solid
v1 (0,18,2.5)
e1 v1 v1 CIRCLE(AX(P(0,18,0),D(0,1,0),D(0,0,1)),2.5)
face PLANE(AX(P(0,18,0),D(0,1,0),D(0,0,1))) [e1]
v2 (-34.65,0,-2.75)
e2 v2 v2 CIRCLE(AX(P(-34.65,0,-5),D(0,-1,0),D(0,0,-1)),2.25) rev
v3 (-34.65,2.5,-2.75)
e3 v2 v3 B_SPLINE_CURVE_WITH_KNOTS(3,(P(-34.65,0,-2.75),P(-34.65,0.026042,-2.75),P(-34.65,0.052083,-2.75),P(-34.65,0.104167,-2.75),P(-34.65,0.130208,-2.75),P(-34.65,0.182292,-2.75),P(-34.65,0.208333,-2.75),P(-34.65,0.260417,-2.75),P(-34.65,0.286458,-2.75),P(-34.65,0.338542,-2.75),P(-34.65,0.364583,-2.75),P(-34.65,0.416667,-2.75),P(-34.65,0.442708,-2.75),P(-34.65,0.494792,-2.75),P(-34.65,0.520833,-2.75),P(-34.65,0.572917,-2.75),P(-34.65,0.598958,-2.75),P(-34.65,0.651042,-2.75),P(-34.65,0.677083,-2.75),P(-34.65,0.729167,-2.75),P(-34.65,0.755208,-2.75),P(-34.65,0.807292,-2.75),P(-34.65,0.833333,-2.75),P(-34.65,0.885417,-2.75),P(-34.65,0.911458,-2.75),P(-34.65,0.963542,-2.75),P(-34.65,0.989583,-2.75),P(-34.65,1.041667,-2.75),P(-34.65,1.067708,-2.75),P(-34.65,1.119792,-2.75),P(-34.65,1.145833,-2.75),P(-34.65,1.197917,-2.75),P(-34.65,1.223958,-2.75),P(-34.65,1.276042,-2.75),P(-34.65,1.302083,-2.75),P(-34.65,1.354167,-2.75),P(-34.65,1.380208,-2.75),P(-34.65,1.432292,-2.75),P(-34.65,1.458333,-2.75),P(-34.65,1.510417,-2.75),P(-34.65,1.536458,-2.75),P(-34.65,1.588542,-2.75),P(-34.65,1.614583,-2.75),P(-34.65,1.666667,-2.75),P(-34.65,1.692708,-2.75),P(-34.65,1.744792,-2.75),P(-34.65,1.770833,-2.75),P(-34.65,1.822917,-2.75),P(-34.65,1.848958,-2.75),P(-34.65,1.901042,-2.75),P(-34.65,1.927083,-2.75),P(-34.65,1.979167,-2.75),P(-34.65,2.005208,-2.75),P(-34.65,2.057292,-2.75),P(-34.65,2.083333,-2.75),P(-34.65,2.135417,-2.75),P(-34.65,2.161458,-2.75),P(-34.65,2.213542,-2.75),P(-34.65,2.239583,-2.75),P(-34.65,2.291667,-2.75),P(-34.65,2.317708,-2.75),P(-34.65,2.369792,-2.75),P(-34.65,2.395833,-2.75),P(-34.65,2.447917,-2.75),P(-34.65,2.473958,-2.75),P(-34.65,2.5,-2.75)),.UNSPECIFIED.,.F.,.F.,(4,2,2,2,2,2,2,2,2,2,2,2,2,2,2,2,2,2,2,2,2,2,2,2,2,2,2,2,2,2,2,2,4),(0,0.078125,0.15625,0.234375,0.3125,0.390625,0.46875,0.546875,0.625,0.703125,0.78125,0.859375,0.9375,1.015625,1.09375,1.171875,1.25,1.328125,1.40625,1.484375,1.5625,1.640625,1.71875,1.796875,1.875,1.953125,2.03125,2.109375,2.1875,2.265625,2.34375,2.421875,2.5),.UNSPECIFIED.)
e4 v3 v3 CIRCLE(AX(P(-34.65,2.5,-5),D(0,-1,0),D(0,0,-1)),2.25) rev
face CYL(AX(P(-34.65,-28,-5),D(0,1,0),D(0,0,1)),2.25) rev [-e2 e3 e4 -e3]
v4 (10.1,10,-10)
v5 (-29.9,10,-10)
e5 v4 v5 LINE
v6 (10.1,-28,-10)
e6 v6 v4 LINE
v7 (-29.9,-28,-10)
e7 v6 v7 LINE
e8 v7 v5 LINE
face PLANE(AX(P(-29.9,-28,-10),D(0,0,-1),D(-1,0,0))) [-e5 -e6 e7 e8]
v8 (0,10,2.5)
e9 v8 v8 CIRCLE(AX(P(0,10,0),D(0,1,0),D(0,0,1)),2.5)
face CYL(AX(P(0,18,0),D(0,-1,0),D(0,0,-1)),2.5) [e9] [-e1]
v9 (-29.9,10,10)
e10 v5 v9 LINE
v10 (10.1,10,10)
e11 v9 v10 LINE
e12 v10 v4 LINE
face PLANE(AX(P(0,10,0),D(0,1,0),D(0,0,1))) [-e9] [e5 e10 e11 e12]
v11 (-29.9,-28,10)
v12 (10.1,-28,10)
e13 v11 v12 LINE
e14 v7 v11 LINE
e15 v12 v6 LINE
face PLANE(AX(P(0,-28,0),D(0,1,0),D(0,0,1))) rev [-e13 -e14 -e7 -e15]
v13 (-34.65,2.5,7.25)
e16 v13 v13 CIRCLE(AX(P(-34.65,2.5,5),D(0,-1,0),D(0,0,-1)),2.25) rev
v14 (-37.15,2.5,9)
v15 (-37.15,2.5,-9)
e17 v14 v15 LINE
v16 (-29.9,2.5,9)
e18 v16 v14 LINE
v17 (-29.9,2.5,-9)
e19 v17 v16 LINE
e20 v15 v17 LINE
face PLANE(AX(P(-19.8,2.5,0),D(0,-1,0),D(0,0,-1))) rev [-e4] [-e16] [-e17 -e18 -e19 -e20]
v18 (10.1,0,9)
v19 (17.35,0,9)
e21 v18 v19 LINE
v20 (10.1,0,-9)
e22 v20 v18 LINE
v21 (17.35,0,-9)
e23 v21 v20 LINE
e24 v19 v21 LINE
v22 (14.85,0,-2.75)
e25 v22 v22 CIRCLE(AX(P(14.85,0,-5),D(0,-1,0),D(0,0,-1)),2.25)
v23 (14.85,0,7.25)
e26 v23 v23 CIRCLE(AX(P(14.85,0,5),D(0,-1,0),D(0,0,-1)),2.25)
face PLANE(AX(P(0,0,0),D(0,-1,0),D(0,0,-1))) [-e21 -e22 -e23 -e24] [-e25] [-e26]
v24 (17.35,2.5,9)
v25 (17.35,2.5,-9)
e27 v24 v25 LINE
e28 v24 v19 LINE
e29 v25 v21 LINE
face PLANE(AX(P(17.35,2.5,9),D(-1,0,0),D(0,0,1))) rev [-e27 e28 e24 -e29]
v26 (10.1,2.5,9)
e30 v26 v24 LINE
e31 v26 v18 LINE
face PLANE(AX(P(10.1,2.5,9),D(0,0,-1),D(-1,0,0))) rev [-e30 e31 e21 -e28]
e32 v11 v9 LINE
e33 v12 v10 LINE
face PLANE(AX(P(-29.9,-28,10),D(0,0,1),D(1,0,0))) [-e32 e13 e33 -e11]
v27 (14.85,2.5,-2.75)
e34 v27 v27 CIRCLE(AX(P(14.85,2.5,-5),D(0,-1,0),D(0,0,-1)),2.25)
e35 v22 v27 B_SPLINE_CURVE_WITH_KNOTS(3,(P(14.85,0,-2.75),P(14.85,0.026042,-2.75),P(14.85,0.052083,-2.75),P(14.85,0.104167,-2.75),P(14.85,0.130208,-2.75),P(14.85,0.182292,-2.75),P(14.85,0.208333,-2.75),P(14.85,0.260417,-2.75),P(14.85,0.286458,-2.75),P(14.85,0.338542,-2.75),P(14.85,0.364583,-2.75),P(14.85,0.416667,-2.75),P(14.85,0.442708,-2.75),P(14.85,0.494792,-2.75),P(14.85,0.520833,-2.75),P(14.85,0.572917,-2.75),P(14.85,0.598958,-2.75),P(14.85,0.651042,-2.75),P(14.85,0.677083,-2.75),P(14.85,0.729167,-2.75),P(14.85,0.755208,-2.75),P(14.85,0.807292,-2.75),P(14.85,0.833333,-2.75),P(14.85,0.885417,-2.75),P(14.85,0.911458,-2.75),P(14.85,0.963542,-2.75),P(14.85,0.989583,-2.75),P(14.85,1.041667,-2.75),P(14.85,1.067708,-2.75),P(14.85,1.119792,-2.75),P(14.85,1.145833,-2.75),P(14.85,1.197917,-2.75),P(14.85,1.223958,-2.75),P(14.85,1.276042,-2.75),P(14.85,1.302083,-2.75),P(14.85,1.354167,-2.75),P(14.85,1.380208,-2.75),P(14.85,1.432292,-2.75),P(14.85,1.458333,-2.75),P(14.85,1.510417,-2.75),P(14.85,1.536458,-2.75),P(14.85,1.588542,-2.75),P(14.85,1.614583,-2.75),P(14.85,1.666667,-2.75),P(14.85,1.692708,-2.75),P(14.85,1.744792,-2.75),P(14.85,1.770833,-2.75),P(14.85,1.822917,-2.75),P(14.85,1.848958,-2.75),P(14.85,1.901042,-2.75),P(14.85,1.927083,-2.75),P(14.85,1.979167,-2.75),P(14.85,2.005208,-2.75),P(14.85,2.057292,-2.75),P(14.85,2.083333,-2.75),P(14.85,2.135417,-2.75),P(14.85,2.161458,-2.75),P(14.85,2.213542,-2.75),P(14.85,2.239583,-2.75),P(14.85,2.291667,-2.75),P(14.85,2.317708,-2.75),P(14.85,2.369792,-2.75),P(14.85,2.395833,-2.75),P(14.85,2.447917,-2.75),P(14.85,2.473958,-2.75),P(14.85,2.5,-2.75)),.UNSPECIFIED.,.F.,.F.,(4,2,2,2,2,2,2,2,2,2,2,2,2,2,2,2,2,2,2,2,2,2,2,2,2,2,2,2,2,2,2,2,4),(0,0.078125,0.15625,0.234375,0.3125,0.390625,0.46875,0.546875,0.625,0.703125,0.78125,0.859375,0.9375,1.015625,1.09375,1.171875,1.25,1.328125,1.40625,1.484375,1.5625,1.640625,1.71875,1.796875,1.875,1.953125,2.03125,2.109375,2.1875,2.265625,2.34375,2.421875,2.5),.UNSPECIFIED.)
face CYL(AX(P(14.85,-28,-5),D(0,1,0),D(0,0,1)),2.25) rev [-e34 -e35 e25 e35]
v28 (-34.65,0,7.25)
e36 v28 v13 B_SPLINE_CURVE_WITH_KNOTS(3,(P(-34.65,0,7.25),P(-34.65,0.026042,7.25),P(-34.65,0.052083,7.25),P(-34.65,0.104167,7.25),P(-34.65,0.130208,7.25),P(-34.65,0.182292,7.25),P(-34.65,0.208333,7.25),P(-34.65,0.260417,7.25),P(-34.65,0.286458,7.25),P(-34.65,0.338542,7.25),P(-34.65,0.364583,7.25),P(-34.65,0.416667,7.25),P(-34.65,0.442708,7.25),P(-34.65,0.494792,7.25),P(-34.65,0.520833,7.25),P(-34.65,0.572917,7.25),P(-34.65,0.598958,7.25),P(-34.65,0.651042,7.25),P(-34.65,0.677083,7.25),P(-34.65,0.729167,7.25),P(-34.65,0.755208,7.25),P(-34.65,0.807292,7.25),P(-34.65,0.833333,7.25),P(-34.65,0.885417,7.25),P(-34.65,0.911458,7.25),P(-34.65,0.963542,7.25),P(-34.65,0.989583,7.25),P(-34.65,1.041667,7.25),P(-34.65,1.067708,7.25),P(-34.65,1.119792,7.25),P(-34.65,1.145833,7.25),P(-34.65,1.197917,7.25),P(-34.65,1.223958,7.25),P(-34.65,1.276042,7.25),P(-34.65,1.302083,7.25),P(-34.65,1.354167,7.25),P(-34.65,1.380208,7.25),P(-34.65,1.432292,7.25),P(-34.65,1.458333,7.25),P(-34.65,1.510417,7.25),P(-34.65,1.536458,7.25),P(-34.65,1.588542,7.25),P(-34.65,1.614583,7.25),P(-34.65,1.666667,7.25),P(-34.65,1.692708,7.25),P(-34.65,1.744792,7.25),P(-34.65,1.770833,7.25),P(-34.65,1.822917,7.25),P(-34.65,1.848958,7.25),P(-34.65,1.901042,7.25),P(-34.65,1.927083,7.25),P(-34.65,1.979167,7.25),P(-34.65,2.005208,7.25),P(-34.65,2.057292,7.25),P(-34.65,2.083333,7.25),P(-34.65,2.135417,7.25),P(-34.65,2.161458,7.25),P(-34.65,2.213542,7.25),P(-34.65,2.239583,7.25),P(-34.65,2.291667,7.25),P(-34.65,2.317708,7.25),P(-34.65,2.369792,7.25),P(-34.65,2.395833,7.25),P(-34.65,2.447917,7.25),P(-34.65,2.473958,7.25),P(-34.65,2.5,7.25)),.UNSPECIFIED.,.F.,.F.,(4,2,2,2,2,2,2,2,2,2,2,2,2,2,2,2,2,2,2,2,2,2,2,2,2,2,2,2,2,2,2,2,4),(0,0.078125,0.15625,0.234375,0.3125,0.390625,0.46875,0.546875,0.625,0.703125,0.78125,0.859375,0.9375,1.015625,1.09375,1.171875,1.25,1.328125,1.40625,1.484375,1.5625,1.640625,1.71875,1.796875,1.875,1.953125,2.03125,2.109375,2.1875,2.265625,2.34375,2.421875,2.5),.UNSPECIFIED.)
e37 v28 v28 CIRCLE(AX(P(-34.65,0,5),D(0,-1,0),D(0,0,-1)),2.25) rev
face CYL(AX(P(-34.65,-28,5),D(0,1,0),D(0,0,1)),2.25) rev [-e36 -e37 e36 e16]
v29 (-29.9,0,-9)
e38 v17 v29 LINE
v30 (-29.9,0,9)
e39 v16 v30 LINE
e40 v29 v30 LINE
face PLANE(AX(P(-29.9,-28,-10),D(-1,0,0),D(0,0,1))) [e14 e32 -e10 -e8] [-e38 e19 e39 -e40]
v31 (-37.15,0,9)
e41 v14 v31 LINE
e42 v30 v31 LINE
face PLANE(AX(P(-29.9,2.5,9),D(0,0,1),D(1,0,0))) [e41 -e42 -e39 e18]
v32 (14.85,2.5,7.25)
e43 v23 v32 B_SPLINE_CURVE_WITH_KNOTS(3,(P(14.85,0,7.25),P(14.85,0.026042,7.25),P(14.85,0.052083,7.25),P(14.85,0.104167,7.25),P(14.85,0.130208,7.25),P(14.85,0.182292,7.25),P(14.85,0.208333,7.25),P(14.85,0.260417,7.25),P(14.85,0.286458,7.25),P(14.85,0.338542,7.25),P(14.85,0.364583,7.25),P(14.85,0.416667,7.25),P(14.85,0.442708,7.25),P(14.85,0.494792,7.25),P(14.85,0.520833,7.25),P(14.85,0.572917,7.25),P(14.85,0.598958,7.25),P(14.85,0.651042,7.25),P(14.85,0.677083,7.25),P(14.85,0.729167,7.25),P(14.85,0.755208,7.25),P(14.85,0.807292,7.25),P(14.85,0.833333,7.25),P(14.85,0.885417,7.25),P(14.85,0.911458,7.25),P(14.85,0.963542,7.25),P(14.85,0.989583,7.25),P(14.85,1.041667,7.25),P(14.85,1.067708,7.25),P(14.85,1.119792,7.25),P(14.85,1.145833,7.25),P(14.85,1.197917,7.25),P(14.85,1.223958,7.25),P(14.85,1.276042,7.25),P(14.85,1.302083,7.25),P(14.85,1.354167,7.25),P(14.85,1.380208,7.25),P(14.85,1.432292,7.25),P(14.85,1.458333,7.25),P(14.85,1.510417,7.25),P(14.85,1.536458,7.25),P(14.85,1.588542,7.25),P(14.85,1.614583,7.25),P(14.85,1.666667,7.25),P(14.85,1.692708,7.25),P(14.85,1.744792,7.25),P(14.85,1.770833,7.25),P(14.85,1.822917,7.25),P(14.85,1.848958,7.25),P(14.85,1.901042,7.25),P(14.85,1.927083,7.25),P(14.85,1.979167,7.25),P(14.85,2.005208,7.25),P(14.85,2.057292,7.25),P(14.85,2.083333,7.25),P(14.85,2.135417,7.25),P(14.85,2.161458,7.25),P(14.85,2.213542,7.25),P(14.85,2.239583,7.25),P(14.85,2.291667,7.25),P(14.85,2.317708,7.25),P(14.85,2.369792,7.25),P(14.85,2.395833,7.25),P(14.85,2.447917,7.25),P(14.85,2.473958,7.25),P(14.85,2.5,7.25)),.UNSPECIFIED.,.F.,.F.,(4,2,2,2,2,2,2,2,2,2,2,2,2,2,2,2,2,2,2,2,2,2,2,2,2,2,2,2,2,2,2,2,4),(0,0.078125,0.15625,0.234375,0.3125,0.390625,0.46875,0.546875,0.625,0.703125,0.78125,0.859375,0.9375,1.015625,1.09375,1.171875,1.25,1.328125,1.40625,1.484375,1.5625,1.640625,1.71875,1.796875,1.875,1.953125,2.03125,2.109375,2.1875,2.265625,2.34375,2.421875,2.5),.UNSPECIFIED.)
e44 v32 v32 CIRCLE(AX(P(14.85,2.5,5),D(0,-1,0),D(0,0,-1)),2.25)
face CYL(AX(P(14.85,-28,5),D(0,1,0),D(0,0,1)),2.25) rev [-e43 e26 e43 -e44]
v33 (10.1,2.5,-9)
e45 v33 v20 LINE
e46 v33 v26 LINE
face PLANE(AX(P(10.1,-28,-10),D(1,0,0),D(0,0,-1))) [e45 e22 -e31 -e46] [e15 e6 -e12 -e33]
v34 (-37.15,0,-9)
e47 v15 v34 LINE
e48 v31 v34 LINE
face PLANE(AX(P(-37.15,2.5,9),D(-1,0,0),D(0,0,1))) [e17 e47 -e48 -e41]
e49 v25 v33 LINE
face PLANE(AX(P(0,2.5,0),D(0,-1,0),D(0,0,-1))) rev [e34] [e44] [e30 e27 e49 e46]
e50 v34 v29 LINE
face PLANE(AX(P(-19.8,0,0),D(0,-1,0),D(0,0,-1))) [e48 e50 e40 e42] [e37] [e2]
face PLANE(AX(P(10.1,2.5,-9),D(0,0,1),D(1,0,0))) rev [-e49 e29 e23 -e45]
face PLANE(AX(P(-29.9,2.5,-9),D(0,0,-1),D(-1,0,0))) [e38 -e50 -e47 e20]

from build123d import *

# Parameters (mm, degrees)
BOSS_EXTRUDE1_DEPTH      = 10
BOSS_EXTRUDE1_DEPTH_BACK = 28
SKETCH1_W                = 40
SKETCH1_H                = 20
SKETCH2_R                = 2.5
BOSS_EXTRUDE2_DEPTH      = 8
SKETCH3_W                = 7.25
SKETCH3_H                = 18
BOSS_EXTRUDE3_DEPTH      = 2.5
SKETCH4_R                = 2.25
CUT_EXTRUDE1_DEPTH       = 44.866388044


with BuildPart() as part:
    # Sketch1 → Boss-Extrude1 (new, two sides: drawn at the far end of the back side and taken through both)
    with BuildSketch(Plane(origin=(0, 0, 0), x_dir=(1, 0, 0), z_dir=(0, 1, 0)).offset(-BOSS_EXTRUDE1_DEPTH_BACK)):
        with Locations((-9.9, 0)):
            Rectangle(SKETCH1_W, SKETCH1_H)
    extrude(amount=BOSS_EXTRUDE1_DEPTH + BOSS_EXTRUDE1_DEPTH_BACK)

    # Sketch2 → Boss-Extrude2 (add)
    with BuildSketch(Plane(origin=(0, 10, 0), x_dir=(1, 0, 0), z_dir=(0, 1, 0))):
        with Locations(Location((0, 0, 0), (0, 0, 270))):
            Circle(SKETCH2_R)
    extrude(amount=BOSS_EXTRUDE2_DEPTH)

    # Sketch3 → Boss-Extrude3 (add)
    with BuildSketch(Plane(origin=(0, 0, 0), x_dir=(1, 0, 0), z_dir=(0, 1, 0))):
        with Locations((13.725, 0)):
            Rectangle(SKETCH3_W, SKETCH3_H)
    boss_extrude3 = extrude(amount=BOSS_EXTRUDE3_DEPTH)

    # Sketch4 → Cut-Extrude1 (cut, symmetric)
    with BuildSketch(Plane(origin=(0, 2.5, 0), x_dir=(1, 0, 0), z_dir=(0, 1, 0))):
        with Locations(Location((14.85, -5, 0), (0, 0, 270))):
            Circle(SKETCH4_R)
        with Locations(Location((14.85, 5, 0), (0, 0, 270))):
            Circle(SKETCH4_R)
    cut_extrude1 = extrude(amount=CUT_EXTRUDE1_DEPTH, both=True, mode=Mode.SUBTRACT)

    # Mirror1: Boss-Extrude3, Cut-Extrude1 across plane
    add(boss_extrude3.mirror(Plane.ZY.offset(9.9)))
    add(cut_extrude1.mirror(Plane.ZY.offset(9.9)), mode=Mode.SUBTRACT)


solid = part.part
